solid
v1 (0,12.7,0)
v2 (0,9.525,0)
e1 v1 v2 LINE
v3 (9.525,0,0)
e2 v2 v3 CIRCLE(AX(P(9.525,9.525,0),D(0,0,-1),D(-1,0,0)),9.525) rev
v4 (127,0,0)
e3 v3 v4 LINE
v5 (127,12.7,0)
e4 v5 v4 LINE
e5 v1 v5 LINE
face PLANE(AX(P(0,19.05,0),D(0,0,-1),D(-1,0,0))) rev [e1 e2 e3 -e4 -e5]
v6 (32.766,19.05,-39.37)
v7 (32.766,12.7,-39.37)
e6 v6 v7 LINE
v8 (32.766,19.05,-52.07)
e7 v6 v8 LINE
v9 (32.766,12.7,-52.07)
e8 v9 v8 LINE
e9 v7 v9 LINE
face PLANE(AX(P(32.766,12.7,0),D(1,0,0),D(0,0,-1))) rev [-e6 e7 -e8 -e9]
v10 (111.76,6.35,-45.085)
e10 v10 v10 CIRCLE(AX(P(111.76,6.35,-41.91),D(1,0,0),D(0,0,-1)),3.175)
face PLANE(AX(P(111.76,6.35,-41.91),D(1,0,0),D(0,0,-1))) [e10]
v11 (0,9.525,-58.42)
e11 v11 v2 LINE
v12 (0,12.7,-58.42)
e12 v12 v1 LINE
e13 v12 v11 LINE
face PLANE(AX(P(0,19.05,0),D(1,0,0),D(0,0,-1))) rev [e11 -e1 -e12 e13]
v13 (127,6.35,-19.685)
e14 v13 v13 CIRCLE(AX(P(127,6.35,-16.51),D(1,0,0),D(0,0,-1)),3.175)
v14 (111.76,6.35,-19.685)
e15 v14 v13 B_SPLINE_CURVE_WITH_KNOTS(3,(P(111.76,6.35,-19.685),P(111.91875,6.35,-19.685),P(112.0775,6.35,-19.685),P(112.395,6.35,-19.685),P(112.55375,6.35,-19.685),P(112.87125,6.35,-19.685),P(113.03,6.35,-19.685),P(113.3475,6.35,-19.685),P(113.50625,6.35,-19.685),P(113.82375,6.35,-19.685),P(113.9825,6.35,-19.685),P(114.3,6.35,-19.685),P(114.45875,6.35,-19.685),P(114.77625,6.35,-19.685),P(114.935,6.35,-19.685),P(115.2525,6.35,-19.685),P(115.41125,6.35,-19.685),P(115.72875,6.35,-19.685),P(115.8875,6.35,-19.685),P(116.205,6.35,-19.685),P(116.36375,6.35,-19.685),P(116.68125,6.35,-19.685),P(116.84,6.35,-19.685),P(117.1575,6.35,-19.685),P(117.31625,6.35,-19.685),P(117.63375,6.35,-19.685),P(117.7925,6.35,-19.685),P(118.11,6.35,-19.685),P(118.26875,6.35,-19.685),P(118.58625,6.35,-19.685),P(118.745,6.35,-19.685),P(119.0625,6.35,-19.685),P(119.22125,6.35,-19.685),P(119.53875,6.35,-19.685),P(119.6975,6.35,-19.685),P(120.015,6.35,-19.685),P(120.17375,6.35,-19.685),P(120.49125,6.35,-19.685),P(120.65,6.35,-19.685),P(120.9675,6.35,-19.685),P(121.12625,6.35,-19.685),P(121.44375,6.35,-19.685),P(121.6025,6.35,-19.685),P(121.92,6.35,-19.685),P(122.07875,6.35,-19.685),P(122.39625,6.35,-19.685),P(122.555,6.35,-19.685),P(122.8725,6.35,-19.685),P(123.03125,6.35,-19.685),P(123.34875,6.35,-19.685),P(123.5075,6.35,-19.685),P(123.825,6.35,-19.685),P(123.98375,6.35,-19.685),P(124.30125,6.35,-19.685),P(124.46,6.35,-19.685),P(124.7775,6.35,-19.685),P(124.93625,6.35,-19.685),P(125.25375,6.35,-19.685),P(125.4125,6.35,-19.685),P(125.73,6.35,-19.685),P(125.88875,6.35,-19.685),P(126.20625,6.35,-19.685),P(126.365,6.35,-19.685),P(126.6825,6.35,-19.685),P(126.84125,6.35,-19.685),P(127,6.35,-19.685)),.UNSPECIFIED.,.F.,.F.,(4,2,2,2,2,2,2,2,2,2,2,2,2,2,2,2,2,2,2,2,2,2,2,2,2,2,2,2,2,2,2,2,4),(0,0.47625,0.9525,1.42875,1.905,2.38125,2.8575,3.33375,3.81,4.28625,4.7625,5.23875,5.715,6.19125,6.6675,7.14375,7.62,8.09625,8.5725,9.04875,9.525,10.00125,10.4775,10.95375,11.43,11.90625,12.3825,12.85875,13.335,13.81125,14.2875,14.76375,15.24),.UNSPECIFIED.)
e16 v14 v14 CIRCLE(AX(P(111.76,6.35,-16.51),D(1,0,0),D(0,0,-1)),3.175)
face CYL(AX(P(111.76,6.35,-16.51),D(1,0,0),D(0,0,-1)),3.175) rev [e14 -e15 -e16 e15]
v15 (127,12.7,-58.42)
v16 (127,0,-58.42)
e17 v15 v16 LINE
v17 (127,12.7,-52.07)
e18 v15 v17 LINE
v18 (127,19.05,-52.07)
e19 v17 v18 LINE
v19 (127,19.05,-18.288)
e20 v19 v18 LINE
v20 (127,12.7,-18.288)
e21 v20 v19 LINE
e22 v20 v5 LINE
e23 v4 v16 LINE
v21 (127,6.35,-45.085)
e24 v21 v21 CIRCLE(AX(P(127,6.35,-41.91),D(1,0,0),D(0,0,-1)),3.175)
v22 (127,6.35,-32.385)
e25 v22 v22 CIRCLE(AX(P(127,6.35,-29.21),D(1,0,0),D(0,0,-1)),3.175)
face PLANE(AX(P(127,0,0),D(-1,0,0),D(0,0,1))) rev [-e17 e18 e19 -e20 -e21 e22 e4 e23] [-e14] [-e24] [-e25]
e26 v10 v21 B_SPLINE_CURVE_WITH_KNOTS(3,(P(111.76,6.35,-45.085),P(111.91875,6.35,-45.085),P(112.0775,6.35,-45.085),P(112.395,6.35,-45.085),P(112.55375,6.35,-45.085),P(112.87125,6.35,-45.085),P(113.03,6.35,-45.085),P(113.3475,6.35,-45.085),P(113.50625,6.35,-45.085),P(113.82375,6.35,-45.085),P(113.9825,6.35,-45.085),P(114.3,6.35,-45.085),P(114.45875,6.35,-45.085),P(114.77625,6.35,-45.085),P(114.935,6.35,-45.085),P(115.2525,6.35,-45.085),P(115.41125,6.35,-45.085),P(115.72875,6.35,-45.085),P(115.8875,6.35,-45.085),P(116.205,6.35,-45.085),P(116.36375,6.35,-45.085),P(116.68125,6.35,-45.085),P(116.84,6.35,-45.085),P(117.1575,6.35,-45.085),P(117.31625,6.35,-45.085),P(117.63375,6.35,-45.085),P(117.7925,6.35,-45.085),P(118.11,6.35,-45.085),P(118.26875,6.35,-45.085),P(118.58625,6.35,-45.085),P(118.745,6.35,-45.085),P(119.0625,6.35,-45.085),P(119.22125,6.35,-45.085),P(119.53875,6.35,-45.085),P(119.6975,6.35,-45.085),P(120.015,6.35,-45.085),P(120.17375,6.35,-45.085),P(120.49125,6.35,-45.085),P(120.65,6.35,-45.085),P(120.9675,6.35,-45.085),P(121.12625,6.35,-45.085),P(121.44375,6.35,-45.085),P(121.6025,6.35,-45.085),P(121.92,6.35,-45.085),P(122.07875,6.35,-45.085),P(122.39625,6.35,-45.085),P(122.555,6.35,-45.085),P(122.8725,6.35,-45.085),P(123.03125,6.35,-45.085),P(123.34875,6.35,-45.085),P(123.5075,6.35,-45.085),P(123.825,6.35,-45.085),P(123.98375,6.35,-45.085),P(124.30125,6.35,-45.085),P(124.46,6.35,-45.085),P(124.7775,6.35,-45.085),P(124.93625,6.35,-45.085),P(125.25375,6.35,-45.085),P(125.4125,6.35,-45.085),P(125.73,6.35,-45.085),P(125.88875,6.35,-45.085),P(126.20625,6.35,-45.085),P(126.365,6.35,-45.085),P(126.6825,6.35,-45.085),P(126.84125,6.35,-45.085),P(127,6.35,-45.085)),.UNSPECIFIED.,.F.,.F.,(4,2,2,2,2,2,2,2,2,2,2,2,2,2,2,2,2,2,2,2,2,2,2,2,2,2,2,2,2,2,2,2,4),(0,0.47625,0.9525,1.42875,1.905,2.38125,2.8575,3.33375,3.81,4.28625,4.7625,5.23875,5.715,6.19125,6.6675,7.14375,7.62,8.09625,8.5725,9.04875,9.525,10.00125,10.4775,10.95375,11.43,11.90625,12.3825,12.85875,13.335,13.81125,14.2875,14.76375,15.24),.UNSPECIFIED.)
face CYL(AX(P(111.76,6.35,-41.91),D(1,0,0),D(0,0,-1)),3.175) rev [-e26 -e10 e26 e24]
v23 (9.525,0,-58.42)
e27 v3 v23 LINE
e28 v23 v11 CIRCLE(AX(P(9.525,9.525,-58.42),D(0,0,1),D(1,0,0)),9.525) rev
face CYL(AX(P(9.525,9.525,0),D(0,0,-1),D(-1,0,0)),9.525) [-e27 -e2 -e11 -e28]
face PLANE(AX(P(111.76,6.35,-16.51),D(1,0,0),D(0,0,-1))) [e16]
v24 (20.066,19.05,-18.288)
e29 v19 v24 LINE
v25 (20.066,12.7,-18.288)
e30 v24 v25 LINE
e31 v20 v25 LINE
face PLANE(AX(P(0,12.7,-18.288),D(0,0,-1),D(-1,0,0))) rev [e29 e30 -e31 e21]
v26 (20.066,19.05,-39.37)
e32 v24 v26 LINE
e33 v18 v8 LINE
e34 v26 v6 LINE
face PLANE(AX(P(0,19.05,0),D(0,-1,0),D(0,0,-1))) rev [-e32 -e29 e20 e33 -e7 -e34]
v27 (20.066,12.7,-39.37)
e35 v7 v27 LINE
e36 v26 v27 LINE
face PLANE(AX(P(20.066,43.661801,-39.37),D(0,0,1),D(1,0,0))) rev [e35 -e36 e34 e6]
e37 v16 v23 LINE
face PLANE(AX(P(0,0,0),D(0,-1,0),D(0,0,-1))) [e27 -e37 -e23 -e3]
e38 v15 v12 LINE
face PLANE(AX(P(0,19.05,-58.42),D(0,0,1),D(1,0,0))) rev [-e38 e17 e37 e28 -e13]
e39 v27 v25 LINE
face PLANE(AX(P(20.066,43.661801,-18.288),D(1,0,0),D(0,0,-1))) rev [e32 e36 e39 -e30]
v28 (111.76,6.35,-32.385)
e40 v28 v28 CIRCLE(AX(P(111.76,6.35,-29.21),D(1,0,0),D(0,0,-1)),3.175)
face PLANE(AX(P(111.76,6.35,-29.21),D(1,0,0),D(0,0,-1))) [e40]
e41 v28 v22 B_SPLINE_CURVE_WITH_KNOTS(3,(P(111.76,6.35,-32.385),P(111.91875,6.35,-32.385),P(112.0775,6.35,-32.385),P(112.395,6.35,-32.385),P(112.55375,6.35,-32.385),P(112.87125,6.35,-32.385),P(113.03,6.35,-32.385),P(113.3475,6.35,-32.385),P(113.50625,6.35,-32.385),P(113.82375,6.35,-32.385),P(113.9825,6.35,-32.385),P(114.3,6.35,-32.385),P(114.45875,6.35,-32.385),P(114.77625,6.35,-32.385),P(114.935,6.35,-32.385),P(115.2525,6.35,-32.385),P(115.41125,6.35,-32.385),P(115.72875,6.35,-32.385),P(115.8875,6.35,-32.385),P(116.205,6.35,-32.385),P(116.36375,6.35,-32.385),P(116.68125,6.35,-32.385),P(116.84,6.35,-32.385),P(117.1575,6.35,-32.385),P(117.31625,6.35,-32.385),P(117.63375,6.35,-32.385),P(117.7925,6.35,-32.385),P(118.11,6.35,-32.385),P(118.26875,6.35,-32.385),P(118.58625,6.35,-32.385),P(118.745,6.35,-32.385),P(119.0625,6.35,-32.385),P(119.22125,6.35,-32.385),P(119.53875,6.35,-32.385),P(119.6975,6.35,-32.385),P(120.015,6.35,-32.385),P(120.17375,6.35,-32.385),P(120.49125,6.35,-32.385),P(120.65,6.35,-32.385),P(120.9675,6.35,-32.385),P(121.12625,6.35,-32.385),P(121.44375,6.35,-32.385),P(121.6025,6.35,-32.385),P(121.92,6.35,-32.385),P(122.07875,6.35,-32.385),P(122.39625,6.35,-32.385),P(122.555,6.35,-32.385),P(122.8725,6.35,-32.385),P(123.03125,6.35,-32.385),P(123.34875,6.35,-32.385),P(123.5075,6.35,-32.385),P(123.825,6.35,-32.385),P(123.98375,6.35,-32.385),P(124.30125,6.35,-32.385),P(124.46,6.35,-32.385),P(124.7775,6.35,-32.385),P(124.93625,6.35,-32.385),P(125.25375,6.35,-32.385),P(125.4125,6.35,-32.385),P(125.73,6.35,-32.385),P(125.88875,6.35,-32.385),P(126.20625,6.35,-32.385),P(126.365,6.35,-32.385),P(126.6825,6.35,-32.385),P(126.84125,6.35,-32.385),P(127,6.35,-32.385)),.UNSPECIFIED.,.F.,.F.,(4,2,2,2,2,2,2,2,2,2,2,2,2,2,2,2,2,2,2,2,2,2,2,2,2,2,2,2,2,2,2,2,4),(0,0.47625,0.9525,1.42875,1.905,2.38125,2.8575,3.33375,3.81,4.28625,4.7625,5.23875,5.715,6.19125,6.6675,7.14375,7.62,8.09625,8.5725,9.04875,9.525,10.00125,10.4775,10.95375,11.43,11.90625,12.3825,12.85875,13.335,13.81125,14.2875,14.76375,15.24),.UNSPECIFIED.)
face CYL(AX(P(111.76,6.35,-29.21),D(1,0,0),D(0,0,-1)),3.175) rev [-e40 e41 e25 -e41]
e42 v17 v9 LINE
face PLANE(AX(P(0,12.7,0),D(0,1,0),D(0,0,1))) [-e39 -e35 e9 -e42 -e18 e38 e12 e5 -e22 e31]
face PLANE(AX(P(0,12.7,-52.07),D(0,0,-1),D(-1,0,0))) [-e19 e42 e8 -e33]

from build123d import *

# Parameters (mm, degrees)
SKETCH1_W           = 254
SKETCH1_H           = 58.42
BOSS_EXTRUDE1_DEPTH = 19.05
CUT_EXTRUDE1_DEPTH  = 6.35
FILLET1_R           = 9.525
CUT_EXTRUDE2_START  = -127
SKETCH4_W           = 63.359739346
SKETCH4_H           = 23.579054397
CUT_EXTRUDE2_DEPTH  = 127
SKETCH5_R           = 3.175
CUT_EXTRUDE3_DEPTH  = 15.24
SKETCH6_W           = 12.7
SKETCH6_H           = 21.082
BOSS_EXTRUDE2_DEPTH = 6.35


with BuildPart() as part:
    # Sketch1 → Boss-Extrude1 (new body)
    with BuildSketch(Plane(origin=(0, 0, 0), x_dir=(1, 0, 0), z_dir=(0, 1, 0))):
        with Locations((127, 29.21)):
            Rectangle(SKETCH1_W, SKETCH1_H)
    extrude(amount=BOSS_EXTRUDE1_DEPTH)

    # Sketch2 → Cut-Extrude1 (cut)
    with BuildSketch(Plane(origin=(0, 19.05, 0), x_dir=(1, 0, 0), z_dir=(0, 1, 0))):
        Polygon((221.234, 52.07), (221.234, 18.288), (127, 18.288), (127, 0), (254, 0), (254, 58.42), (127, 58.42), (127, 52.07), align=None)
        Polygon((127, 0), (127, 18.288), (32.766, 18.288), (32.766, 52.07), (127, 52.07), (127, 58.42), (0, 58.42), (0, 0), align=None)
    extrude(amount=-CUT_EXTRUDE1_DEPTH, mode=Mode.SUBTRACT)

    # Fillet1
    fillet1_edges = [part.edges().sort_by_distance(p)[0] for p in [
        (254, 0, -29.21),
        (0, 0, -29.21),
    ]]
    fillet(fillet1_edges, radius=FILLET1_R)

    # Sketch4 → Cut-Extrude2 (cut)
    with BuildSketch(Plane(origin=(254, 0, 0), x_dir=(0, 0, -1), z_dir=(1, 0, 0)).offset(CUT_EXTRUDE2_START)):
        with Locations((31.679869673, 11.789527199)):
            Rectangle(SKETCH4_W, SKETCH4_H)
    extrude(amount=CUT_EXTRUDE2_DEPTH, mode=Mode.SUBTRACT)

    # Sketch5 → Cut-Extrude3 (cut)
    with BuildSketch(Plane(origin=(127, 0, 0), x_dir=(0, 0, -1), z_dir=(1, 0, 0))):
        with Locations((16.51, 6.35)):
            Circle(SKETCH5_R)
        with Locations((29.21, 6.35)):
            Circle(SKETCH5_R)
        with Locations((41.91, 6.35)):
            Circle(SKETCH5_R)
    extrude(amount=-CUT_EXTRUDE3_DEPTH, mode=Mode.SUBTRACT)

    # Sketch6 → Boss-Extrude2 (add)
    with BuildSketch(Plane(origin=(0, 12.7, 0), x_dir=(1, 0, 0), z_dir=(0, 1, 0))):
        with Locations((26.416, 28.829)):
            Rectangle(SKETCH6_W, SKETCH6_H)
    extrude(amount=BOSS_EXTRUDE2_DEPTH)


solid = part.part
